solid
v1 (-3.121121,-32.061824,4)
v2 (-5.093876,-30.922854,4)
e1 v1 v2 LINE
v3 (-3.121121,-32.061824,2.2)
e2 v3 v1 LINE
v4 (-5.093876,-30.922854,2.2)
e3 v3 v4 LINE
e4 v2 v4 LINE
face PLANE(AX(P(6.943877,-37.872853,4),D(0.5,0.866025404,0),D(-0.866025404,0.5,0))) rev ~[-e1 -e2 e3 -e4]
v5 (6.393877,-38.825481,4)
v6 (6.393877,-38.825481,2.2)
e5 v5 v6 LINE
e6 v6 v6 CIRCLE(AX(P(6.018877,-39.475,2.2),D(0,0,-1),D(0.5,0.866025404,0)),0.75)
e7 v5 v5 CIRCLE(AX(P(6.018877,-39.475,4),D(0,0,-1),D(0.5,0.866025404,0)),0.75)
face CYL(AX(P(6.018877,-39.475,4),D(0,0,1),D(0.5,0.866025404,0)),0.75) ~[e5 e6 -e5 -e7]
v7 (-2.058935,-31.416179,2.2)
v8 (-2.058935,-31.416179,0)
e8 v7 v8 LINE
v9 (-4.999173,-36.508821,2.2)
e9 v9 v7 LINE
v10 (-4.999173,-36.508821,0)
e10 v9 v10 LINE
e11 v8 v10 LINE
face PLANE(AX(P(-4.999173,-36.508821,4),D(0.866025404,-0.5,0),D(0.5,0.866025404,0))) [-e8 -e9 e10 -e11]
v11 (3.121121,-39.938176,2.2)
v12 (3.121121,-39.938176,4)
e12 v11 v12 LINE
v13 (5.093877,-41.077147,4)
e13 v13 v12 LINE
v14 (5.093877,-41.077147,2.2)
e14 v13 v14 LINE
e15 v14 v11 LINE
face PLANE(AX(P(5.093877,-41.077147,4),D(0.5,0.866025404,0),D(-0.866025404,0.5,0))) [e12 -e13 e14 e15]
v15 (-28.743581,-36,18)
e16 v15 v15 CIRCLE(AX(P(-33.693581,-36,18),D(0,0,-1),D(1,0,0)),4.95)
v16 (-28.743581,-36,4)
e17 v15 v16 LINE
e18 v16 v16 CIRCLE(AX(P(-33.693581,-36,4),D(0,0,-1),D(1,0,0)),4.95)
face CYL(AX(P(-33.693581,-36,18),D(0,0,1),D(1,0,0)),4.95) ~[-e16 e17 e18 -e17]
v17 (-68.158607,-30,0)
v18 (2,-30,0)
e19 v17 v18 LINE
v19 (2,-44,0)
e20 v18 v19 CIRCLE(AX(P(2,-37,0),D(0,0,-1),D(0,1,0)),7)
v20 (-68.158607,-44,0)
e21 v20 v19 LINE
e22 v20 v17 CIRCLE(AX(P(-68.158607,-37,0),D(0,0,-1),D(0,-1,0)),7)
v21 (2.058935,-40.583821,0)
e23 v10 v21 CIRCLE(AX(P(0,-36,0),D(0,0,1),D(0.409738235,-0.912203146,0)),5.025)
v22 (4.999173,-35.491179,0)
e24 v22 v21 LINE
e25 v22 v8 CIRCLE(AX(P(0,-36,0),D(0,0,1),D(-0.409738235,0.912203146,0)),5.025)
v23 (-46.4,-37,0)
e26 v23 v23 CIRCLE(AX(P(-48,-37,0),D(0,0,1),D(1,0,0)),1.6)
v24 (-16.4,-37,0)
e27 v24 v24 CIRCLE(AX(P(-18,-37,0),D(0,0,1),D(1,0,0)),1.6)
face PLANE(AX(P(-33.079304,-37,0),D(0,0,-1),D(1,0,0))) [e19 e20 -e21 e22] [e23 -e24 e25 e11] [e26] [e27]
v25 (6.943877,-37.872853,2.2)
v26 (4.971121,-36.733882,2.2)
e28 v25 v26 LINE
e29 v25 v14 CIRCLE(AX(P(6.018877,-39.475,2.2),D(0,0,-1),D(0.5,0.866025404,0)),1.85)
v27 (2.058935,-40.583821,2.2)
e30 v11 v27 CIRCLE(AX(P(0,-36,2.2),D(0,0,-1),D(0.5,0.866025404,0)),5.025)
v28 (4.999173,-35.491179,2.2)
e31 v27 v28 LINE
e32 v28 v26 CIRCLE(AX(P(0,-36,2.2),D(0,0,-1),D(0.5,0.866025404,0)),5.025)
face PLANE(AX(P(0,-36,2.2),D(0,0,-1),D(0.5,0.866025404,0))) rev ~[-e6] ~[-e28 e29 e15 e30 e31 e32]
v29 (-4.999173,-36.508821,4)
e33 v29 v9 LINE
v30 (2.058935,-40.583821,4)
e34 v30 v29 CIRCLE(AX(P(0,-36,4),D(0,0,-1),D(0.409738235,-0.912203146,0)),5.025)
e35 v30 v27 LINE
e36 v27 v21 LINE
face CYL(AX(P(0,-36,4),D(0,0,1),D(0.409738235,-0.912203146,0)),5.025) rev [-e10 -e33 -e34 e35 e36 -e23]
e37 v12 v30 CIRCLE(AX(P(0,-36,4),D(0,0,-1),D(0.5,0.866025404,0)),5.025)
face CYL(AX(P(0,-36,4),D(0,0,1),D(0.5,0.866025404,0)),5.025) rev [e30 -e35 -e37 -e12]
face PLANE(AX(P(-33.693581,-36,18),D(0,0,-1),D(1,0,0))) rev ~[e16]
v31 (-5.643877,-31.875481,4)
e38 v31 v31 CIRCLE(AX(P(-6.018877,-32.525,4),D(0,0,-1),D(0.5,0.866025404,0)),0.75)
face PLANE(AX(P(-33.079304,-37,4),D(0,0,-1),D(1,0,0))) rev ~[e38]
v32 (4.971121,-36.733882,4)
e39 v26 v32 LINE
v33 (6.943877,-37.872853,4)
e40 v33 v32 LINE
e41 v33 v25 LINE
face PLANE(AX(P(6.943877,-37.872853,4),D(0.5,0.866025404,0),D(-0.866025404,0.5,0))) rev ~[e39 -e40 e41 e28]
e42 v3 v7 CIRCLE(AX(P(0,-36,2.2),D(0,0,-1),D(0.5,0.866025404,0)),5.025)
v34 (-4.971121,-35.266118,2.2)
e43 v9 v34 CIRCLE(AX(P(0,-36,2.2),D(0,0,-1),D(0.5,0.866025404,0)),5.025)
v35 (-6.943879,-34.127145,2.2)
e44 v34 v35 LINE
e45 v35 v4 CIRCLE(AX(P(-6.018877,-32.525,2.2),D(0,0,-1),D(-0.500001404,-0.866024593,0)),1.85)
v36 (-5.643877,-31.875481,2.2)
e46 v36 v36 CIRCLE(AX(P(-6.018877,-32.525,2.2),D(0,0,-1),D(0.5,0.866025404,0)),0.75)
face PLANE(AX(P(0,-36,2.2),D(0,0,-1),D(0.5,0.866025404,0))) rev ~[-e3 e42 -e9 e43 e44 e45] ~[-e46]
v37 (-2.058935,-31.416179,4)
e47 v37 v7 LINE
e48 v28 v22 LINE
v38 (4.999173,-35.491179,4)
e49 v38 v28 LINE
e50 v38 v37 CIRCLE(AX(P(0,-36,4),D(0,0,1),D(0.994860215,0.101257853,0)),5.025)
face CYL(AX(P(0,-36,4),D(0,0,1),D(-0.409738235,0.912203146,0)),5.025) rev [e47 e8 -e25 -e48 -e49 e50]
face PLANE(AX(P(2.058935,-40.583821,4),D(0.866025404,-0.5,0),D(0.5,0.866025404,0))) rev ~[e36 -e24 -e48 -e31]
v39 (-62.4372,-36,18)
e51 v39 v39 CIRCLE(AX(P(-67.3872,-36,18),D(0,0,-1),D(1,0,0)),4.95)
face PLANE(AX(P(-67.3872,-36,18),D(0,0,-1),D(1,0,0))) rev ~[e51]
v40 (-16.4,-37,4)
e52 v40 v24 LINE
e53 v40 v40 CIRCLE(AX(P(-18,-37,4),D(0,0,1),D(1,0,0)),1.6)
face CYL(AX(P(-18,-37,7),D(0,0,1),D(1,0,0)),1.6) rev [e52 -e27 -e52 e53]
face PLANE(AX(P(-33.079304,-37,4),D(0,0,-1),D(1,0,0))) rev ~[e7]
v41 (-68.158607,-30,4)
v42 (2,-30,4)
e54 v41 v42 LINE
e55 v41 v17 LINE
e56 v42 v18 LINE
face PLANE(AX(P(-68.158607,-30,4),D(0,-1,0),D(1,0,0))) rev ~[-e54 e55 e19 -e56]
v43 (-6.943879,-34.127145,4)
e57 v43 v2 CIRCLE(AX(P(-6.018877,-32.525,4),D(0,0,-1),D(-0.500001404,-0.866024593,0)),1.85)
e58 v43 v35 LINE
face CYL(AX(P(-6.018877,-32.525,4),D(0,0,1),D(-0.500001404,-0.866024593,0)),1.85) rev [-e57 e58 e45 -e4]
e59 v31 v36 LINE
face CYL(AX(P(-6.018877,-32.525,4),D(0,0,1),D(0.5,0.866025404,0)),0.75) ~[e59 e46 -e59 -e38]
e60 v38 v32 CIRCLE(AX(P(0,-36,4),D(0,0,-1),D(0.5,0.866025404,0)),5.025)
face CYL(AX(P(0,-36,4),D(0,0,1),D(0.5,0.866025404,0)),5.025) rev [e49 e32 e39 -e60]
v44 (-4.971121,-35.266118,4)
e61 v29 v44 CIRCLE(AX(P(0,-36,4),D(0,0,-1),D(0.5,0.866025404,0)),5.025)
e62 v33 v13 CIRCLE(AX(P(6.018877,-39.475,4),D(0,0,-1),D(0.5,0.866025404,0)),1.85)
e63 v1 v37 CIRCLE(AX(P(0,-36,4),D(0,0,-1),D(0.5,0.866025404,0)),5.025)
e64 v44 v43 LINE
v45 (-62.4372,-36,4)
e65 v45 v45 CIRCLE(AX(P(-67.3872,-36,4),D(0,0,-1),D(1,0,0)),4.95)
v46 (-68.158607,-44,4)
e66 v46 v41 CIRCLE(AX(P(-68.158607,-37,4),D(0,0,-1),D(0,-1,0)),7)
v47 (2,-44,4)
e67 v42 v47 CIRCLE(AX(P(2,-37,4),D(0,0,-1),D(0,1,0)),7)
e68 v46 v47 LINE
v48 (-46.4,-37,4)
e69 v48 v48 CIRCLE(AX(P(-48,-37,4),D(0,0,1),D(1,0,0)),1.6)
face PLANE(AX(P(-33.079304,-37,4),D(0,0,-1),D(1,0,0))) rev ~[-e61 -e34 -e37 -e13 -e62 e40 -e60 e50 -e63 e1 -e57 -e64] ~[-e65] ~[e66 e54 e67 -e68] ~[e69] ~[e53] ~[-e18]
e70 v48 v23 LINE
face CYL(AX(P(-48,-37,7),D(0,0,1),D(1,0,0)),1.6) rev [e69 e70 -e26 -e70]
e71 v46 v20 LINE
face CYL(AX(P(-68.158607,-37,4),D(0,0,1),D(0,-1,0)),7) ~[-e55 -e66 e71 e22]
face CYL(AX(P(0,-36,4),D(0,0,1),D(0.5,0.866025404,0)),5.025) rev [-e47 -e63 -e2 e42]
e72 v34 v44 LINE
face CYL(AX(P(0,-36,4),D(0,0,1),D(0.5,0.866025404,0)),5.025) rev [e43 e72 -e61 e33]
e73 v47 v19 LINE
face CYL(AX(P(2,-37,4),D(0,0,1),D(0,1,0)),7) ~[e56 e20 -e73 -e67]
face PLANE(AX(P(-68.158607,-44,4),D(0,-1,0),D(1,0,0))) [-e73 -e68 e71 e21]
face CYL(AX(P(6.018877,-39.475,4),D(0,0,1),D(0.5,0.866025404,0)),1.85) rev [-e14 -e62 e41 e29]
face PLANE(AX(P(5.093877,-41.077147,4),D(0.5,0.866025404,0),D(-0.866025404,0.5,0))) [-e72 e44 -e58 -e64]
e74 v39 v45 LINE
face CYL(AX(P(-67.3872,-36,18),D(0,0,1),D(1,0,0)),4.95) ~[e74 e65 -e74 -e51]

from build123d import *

# Parameters (mm, degrees)
CYLINDER018_R            = 1.6
CYLINDER018_DEPTH        = 10
CYLINDER017_R            = 1.6
CYLINDER017_DEPTH        = 10
PAD_DEPTH                = 18
SKETCH002_R              = 0.75
PAD001_DEPTH             = 1.8
CYLINDER_R               = 5.025
CYLINDER_DEPTH           = 1.8
BODY_PLACEMENT_ANGLE     = 60
CYLINDER006_R            = 4.95
CYLINDER006_DEPTH        = 14
EXTRUDE_DEPTH            = 4
CYLINDER005_R            = 4.95
CYLINDER005_DEPTH        = 14
CLONE005_PLACEMENT_ANGLE = 180


with BuildPart() as cylinder018:
    # Cylinder018 → Cylinder018 (new body)
    with BuildSketch(Plane(origin=(-30, 0, -3), x_dir=(1, 0, 0), z_dir=(0, 0, 1))):
        Circle(CYLINDER018_R)
    extrude(amount=CYLINDER018_DEPTH)


with BuildPart() as fusion021:
    # Cylinder017 → Cylinder017 (new body)
    with BuildSketch(Plane.XY.offset(-3)):
        Circle(CYLINDER017_R)
    extrude(amount=CYLINDER017_DEPTH)

    # Fusion019: union Cylinder018
    add(cylinder018.part)


with BuildPart() as fusion021_1:
    # Fusion019 placement: moved
    add(fusion021.part.moved(Location((-18, 1, 0))))


with BuildPart() as motorbody:
    # Sketch001 → Pad (new body)
    with BuildSketch(Plane.XY):
        with BuildLine():
            ThreePointArc((-2.940238, 4.075), (-5.025, 0), (-2.940238, -4.075))
            Line((-2.940238, -4.075), (2.940238, -4.075))
            ThreePointArc((2.940238, -4.075), (5.025, 0), (2.940238, 4.075))
            Line((-2.940238, 4.075), (2.940238, 4.075))
        make_face()
    extrude(amount=PAD_DEPTH)

    # Sketch002 → Pad001 (join)
    with BuildSketch(Plane.XY):
        with BuildLine():
            ThreePointArc((1.85, 6.95), (0, 8.8), (-1.85, 6.95))
            Line((-1.85, 6.95), (-1.85, -6.950003))
            ThreePointArc((-1.85, -6.950003), (2e-06, -8.8), (1.85, -6.949999))
            Line((1.85, 6.95), (1.85, -6.949999))
        make_face()
        with Locations((0, 6.95)):
            Circle(SKETCH002_R, mode=Mode.SUBTRACT)
        with Locations((0, -6.95)):
            Circle(SKETCH002_R, mode=Mode.SUBTRACT)
    extrude(amount=PAD001_DEPTH)

    # Cylinder → Cylinder (join)
    with BuildSketch(Plane.XY):
        Circle(CYLINDER_R)
    extrude(amount=CYLINDER_DEPTH)


with BuildPart() as motorbody_1:
    # Body placement: moved
    add(motorbody.part.rotate(Axis((0, 0, 0), (0, 0, -1)), BODY_PLACEMENT_ANGLE))


with BuildPart() as cylinder006:
    # Cylinder006 → Cylinder006 (new body)
    with BuildSketch(Plane(origin=(-33.693581, 0, -14), x_dir=(1, 0, 0), z_dir=(0, 0, 1))):
        Circle(CYLINDER006_R)
    extrude(amount=CYLINDER006_DEPTH)


with BuildPart() as extrude_body:
    # Sketch009 → Extrude (new body)
    with BuildSketch(Plane.XY):
        with BuildLine():
            ThreePointArc((-68.158607, 8), (-75.158607, 1), (-68.158607, -6))
            Line((-68.158607, -6), (2, -6))
            ThreePointArc((2, -6), (9, 1), (2, 8))
            Line((-68.158607, 8), (2, 8))
        make_face()
    extrude(amount=EXTRUDE_DEPTH)


with BuildPart() as rightdriveskid_printable:
    # Cylinder005 → Cylinder005 (new body)
    with BuildSketch(Plane(origin=(-67.3872, 0, -14), x_dir=(1, 0, 0), z_dir=(0, 0, 1))):
        Circle(CYLINDER005_R)
    extrude(amount=CYLINDER005_DEPTH)

    # Fusion005: union Cylinder006, Extrude body
    add(cylinder006.part)
    add(extrude_body.part)

    # Cut002: cut MotorBody
    add(motorbody_1.part, mode=Mode.SUBTRACT)

    # Cut011: cut Fusion021
    add(fusion021_1.part, mode=Mode.SUBTRACT)


with BuildPart() as rightdriveskid_printable_1:
    # Clone005 placement: moved
    add(rightdriveskid_printable.part.moved(Location((0, -36, 4))).rotate(Axis((0, -36, 4), (1, 0, 0)), CLONE005_PLACEMENT_ANGLE))


solid = rightdriveskid_printable_1.part
